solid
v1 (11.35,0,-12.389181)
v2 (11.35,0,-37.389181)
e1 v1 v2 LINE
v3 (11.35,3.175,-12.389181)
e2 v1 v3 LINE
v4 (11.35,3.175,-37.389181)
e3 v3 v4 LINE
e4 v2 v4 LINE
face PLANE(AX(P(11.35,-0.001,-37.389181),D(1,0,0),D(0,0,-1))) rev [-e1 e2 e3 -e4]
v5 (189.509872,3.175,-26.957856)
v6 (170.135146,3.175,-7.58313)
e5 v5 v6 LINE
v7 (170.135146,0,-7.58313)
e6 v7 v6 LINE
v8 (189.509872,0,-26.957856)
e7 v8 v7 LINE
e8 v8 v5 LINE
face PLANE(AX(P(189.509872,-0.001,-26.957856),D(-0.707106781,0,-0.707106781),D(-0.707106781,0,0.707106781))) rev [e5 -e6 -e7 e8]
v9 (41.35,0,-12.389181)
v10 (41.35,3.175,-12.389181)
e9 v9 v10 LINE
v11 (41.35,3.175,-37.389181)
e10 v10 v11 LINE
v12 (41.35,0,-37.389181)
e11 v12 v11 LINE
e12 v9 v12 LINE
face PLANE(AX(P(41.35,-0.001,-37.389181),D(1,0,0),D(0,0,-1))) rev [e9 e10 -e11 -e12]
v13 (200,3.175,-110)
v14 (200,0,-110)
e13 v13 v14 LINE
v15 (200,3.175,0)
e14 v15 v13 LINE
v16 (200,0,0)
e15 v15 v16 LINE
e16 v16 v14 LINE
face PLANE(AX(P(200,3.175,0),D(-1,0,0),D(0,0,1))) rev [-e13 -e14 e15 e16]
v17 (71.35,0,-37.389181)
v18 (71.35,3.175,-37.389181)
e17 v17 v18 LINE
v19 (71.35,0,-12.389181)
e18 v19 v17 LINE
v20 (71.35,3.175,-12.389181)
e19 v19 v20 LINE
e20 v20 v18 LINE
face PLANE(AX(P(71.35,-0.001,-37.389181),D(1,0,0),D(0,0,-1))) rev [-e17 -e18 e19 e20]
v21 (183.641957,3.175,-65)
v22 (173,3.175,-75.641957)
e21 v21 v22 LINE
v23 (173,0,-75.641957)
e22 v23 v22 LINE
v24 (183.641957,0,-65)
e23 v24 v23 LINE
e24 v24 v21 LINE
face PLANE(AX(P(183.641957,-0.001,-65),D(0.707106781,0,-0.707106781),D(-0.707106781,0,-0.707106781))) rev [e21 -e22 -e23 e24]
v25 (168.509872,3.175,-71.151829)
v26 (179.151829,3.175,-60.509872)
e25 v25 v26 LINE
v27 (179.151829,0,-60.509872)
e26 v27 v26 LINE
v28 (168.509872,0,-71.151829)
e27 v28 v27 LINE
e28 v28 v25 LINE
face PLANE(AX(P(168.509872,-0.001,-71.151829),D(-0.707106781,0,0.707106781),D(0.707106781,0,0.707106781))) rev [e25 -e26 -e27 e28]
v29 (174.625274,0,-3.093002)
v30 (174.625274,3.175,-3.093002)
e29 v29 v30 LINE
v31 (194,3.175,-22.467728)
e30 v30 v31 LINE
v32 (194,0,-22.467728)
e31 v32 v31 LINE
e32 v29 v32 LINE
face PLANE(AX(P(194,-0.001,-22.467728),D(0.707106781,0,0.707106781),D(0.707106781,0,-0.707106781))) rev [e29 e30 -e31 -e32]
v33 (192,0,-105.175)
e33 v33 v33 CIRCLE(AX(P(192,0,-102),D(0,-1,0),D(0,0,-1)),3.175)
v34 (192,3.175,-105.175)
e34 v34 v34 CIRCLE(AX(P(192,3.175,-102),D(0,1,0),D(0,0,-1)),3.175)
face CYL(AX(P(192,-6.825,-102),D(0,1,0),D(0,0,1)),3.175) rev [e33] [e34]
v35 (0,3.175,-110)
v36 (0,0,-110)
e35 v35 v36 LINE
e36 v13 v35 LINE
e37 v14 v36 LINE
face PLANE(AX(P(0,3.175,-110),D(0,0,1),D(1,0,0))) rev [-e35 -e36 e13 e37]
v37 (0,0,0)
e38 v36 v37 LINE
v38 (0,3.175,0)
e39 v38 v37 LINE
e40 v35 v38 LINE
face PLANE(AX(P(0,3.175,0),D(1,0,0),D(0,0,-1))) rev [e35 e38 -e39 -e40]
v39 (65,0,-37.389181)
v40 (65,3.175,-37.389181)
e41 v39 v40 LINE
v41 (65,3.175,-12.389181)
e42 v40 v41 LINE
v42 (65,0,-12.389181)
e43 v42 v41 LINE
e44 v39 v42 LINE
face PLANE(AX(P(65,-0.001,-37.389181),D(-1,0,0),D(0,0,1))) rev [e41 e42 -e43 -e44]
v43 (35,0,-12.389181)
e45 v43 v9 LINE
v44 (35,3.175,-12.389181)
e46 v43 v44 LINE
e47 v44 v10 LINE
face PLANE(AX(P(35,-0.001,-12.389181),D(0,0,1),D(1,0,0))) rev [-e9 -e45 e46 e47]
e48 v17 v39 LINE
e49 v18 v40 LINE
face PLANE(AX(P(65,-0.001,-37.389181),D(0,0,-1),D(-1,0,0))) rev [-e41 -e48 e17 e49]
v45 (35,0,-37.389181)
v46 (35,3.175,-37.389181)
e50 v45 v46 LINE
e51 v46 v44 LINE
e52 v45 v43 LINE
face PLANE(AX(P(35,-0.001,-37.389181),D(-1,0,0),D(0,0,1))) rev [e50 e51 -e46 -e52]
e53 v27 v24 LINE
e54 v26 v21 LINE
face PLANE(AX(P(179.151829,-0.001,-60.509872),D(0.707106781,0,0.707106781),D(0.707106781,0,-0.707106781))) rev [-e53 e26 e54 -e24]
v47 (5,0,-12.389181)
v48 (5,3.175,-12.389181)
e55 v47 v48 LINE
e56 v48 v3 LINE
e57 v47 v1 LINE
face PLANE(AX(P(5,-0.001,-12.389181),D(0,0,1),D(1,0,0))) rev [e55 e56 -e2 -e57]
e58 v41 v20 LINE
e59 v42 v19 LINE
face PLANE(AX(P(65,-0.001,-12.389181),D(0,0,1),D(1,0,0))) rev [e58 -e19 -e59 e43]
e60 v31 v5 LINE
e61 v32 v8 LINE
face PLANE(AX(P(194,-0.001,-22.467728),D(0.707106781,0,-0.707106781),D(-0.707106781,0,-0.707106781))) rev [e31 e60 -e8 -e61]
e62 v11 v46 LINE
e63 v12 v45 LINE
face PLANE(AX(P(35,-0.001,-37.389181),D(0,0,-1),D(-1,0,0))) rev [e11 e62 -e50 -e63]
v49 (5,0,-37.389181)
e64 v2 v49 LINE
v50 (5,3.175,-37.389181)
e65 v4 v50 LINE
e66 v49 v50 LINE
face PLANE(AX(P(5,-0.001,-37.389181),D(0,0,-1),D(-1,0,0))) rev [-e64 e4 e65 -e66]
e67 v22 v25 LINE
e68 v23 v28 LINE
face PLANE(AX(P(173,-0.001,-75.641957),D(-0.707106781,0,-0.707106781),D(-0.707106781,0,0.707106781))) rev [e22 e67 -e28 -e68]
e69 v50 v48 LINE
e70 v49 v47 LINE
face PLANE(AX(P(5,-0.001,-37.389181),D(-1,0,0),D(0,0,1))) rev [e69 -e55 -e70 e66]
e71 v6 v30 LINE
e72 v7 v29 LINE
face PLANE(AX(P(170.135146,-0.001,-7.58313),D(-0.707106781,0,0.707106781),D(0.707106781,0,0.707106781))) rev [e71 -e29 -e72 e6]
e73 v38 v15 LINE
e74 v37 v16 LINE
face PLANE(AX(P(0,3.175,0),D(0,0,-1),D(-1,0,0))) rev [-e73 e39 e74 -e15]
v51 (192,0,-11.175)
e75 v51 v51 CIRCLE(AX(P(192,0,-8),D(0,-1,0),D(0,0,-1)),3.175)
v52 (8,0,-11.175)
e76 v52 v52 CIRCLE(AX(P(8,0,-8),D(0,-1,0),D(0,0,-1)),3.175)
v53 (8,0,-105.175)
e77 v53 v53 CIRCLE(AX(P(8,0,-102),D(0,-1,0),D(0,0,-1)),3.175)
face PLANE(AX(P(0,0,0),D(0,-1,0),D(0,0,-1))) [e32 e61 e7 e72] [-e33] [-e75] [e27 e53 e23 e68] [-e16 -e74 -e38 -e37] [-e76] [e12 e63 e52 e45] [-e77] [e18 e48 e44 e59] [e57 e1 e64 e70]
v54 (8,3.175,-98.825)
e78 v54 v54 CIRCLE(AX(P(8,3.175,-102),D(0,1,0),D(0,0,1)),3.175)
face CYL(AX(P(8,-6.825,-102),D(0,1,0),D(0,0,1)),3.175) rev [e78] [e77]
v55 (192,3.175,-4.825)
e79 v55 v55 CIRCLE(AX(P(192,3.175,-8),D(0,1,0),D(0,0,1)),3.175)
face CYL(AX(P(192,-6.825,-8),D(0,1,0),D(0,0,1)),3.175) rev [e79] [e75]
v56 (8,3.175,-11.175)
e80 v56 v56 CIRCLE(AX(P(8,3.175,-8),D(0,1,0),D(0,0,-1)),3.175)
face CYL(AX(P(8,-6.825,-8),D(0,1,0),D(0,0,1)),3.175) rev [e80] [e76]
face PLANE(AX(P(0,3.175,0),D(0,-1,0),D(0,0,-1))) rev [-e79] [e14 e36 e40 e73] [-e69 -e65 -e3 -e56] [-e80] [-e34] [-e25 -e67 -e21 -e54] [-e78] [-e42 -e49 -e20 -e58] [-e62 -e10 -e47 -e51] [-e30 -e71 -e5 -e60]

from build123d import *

# Parameters (mm, degrees)
SKETCH1_W           = 200
SKETCH1_H           = 110
BOSS_EXTRUDE1_DEPTH = 3.175
CUT_EXTRUDE1_REACH  = 230.276
CUT_EXTRUDE2_REACH  = 230.276
CUT_EXTRUDE3_REACH  = 230.276
SKETCH4_W           = 6.35
SKETCH4_H           = 25
SKETCH5_R           = 3.175
CUT_EXTRUDE4_DEPTH  = 10
LPATTERN1_COUNT     = 3
LPATTERN1_PITCH     = 30


with BuildPart() as part:
    # Sketch1 → Boss-Extrude1 (new body)
    with BuildSketch(Plane(origin=(0, 0, 0), x_dir=(1, 0, 0), z_dir=(0, 1, 0))):
        with Locations((100, 55)):
            Rectangle(SKETCH1_W, SKETCH1_H)
    extrude(amount=BOSS_EXTRUDE1_DEPTH)

    # Sketch2 → Cut-Extrude1 (cut, up to next)
    with BuildSketch(Plane(origin=(0, 3.175, 0), x_dir=(1, 0, 0), z_dir=(0, 1, 0)), mode=Mode.PRIVATE) as cut_extrude1_sk1:
        Polygon((194, 22.467727943), (174.625274195, 3.093002139), (170.135146135, 7.583130199), (189.509871939, 26.957856004), align=None)
    cut_extrude1_tool1 = extrude(cut_extrude1_sk1.sketch, amount=-CUT_EXTRUDE1_REACH, mode=Mode.PRIVATE) & part.part
    add(cut_extrude1_tool1.solids().sort_by_distance((182.067573, 3.175, -15.025429))[0], mode=Mode.SUBTRACT)

    # Sketch3 → Cut-Extrude2 (cut, up to next)
    with BuildSketch(Plane(origin=(0, 3.175, 0), x_dir=(1, 0, 0), z_dir=(0, 1, 0)), mode=Mode.PRIVATE) as cut_extrude2_sk1:
        Polygon((168.509871939, 71.151828996), (179.151828996, 60.509871939), (183.641957057, 65), (173, 75.641957057), align=None)
    cut_extrude2_tool1 = extrude(cut_extrude2_sk1.sketch, amount=-CUT_EXTRUDE2_REACH, mode=Mode.PRIVATE) & part.part
    add(cut_extrude2_tool1.solids().sort_by_distance((176.075914, 3.175, -68.075914))[0], mode=Mode.SUBTRACT)

    # Sketch4 → Cut-Extrude3 (cut, up to next)
    with BuildSketch(Plane(origin=(0, 3.175, 0), x_dir=(1, 0, 0), z_dir=(0, 1, 0)), mode=Mode.PRIVATE) as cut_extrude3_sk1:
        with Locations((8.175, 24.889181128)):
            Rectangle(SKETCH4_W, SKETCH4_H)
    cut_extrude3_tool1 = extrude(cut_extrude3_sk1.sketch, amount=-CUT_EXTRUDE3_REACH, mode=Mode.PRIVATE) & part.part
    cut_extrude3 = cut_extrude3_tool1.solids().sort_by_distance((8.175, 3.175, -24.889181))[0]
    add(cut_extrude3, mode=Mode.SUBTRACT)

    # Sketch5 → Cut-Extrude4 (cut)
    with BuildSketch(Plane(origin=(0, 3.175, 0), x_dir=(1, 0, 0), z_dir=(0, 1, 0))):
        with Locations((8, 102)):
            Circle(SKETCH5_R)
        with Locations((192, 102)):
            Circle(SKETCH5_R)
        with Locations((192, 8)):
            Circle(SKETCH5_R)
        with Locations((8, 8)):
            Circle(SKETCH5_R)
    extrude(amount=-CUT_EXTRUDE4_DEPTH, mode=Mode.SUBTRACT)

    # LPattern1: Cut-Extrude3 ×3
    with Locations(*[(i * LPATTERN1_PITCH, 0, 0) for i in range(1, LPATTERN1_COUNT)]):
        add(cut_extrude3, mode=Mode.SUBTRACT)


solid = part.part
